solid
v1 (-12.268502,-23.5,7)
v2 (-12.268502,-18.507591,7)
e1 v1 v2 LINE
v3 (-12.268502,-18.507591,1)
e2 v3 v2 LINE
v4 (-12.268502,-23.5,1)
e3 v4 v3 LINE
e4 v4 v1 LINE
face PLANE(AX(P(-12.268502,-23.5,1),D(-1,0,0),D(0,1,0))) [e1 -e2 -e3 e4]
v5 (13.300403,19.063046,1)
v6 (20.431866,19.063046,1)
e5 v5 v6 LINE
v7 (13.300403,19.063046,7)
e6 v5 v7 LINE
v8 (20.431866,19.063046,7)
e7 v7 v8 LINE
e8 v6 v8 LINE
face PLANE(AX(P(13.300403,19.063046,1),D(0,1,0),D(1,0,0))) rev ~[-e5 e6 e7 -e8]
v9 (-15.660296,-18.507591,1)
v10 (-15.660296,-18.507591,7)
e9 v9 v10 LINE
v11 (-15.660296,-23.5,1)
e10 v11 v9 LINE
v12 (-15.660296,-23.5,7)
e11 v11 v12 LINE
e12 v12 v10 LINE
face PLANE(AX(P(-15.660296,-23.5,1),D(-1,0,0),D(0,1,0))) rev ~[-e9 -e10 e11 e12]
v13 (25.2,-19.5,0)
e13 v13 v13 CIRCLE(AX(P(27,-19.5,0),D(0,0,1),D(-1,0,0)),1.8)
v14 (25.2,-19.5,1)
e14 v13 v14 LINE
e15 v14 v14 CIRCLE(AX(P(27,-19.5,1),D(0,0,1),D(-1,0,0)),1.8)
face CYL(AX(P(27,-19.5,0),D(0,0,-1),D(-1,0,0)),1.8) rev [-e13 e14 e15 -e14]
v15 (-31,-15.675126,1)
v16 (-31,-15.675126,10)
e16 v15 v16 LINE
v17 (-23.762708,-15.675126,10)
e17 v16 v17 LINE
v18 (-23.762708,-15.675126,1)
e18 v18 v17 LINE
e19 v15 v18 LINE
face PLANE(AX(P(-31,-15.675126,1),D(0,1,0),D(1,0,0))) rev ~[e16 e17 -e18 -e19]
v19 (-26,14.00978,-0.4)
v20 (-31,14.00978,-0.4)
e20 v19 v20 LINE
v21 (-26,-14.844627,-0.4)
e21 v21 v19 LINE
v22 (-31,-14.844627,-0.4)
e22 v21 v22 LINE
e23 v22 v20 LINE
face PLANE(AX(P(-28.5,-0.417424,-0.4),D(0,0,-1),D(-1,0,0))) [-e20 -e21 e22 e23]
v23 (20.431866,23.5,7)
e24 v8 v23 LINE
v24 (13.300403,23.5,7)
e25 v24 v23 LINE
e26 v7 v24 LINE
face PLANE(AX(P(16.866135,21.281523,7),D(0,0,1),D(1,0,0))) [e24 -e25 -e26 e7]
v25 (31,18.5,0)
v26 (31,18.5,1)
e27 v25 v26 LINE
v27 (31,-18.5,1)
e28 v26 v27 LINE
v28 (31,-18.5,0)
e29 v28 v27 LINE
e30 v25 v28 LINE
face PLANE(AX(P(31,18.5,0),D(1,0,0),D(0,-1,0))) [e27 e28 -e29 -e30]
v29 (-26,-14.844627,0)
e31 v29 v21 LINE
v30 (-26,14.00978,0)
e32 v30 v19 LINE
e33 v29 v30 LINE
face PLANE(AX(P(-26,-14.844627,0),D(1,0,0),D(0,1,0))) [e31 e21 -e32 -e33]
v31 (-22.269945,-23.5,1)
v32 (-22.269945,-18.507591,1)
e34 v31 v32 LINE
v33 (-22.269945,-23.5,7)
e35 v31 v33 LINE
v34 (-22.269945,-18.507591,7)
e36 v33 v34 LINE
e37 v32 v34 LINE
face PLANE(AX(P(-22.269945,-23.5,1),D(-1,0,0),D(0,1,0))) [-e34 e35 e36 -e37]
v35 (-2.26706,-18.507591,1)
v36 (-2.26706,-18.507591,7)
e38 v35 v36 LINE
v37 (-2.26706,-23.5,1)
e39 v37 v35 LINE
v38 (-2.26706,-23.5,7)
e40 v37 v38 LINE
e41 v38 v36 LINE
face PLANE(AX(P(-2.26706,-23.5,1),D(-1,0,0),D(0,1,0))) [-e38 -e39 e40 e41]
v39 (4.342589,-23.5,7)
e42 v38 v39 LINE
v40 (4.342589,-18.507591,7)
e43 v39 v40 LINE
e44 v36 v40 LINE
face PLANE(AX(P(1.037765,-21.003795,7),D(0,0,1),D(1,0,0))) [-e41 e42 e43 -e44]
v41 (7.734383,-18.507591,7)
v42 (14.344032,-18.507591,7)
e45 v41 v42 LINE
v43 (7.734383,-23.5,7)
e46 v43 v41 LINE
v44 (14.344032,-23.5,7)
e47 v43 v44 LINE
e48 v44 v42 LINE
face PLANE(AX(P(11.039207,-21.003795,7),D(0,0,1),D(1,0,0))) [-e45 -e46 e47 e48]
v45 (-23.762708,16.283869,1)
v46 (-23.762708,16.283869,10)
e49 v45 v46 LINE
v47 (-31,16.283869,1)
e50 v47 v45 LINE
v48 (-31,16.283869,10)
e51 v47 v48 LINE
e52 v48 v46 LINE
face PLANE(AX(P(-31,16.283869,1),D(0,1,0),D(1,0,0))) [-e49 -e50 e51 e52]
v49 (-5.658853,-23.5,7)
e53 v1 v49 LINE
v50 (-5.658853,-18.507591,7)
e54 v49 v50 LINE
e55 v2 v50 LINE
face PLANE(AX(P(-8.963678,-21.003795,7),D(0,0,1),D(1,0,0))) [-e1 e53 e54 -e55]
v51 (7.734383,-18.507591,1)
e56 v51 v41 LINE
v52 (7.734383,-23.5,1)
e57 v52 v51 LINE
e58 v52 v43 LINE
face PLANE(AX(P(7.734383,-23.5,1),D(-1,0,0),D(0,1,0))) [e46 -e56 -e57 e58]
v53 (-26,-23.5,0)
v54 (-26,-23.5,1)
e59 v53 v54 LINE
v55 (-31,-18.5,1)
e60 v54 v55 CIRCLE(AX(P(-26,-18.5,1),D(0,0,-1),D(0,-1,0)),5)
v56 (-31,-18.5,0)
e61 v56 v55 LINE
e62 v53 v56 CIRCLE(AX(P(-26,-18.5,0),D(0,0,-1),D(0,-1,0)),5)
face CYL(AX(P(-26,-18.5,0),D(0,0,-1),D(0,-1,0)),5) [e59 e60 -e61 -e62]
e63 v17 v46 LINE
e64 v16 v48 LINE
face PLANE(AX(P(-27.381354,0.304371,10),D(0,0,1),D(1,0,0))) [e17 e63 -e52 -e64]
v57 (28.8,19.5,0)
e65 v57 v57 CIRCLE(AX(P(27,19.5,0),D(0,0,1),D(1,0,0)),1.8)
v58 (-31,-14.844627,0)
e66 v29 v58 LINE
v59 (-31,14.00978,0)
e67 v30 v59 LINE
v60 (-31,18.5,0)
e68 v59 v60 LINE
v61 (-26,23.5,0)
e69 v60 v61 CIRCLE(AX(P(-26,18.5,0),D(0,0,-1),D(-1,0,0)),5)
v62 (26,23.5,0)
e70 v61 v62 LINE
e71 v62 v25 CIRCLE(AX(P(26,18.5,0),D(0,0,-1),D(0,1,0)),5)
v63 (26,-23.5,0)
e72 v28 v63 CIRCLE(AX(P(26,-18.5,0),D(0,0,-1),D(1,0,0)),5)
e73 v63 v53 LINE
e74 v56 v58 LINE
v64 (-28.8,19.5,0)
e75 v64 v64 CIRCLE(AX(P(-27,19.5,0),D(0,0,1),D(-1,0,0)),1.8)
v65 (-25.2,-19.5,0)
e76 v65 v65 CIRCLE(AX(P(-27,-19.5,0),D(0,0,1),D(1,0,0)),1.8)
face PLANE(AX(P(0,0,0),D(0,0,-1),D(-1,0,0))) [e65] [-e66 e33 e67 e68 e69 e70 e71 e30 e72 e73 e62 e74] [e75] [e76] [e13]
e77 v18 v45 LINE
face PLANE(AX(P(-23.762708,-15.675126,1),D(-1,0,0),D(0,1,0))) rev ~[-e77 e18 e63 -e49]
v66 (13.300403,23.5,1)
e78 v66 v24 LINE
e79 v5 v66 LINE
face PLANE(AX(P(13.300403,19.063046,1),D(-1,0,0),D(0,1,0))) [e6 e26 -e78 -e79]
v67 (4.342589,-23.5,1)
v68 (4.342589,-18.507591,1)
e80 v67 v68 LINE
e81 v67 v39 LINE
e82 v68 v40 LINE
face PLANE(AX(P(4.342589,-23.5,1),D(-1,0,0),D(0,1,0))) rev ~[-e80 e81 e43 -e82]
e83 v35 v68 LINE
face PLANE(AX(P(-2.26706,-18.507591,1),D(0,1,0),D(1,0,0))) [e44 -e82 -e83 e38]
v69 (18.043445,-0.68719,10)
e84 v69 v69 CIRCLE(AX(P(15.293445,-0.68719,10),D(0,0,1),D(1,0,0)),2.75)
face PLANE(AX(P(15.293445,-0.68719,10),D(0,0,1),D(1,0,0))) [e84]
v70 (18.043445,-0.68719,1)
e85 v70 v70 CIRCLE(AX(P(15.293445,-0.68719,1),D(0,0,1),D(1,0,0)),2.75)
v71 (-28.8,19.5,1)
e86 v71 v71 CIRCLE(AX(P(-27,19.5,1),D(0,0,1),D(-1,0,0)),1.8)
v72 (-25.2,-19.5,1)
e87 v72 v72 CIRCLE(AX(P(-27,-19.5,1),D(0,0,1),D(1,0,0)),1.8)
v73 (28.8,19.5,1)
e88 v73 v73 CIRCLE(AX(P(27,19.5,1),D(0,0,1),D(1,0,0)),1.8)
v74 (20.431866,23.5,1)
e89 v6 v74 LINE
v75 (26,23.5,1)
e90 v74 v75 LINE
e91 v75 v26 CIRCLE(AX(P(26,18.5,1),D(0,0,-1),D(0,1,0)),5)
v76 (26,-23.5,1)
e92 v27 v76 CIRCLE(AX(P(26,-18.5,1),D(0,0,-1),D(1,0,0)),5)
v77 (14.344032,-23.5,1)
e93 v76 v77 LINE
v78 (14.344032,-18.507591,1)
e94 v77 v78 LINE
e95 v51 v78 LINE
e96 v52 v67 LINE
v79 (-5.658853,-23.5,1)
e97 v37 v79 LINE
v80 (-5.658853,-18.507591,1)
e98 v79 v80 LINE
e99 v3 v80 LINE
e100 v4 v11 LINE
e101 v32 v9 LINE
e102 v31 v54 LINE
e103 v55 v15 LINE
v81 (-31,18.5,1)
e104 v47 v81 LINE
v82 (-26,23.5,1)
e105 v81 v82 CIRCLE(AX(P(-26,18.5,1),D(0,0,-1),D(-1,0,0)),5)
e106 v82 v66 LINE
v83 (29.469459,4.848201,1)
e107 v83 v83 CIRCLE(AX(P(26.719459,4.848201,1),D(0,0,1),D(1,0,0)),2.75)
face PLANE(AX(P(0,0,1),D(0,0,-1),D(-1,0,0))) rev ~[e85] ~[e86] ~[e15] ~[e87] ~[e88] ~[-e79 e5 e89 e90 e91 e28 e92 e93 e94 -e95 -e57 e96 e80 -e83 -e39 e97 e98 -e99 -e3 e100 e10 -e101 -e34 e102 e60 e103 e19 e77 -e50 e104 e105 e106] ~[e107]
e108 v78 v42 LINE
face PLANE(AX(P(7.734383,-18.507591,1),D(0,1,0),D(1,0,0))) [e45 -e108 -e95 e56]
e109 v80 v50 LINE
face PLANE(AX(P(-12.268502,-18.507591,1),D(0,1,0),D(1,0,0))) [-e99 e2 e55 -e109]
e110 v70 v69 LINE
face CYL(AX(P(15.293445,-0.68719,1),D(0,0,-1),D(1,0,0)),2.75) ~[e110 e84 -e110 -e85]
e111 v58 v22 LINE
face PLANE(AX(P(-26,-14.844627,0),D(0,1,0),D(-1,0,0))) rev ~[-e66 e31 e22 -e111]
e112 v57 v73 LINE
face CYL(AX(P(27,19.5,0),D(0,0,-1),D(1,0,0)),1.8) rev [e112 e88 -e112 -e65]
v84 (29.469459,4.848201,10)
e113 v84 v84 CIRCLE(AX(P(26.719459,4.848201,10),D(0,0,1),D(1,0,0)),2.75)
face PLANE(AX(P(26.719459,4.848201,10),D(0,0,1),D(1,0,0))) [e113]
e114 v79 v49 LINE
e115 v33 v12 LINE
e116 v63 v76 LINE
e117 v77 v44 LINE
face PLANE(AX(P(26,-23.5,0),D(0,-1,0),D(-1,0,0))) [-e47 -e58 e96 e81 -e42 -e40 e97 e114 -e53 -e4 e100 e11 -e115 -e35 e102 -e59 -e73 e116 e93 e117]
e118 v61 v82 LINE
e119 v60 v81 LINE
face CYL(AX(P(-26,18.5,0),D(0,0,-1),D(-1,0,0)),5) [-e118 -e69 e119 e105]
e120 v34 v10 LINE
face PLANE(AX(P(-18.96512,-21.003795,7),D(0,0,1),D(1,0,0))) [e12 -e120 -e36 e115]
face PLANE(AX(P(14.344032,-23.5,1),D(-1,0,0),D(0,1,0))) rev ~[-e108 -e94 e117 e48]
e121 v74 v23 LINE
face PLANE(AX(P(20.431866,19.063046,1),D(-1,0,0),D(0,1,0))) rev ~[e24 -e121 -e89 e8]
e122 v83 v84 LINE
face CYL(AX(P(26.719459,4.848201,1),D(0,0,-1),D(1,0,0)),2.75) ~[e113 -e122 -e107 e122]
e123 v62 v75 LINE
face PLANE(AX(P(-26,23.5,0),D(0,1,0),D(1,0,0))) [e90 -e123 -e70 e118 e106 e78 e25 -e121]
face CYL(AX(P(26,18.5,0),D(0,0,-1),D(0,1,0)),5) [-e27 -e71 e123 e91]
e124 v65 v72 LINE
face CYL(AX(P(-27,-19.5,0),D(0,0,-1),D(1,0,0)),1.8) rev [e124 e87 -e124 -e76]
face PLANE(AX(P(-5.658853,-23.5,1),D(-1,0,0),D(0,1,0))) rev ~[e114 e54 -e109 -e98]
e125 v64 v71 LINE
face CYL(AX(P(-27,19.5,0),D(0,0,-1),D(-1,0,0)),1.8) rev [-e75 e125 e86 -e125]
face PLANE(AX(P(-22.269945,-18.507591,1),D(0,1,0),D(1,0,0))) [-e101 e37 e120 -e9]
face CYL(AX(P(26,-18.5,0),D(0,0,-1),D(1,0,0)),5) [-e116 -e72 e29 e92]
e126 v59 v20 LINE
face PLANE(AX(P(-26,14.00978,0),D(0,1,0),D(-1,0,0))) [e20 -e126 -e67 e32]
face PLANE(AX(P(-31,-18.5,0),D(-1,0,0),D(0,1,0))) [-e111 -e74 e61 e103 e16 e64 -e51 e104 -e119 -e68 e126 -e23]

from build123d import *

# Parameters (mm, degrees)
SKETCH_2_R      = 1.8
EXTRUDE_1_DEPTH = 1
SKETCH_4_W      = 7.237291628
SKETCH_4_H      = 31.958994792
EXTRUDE_2_DEPTH = 9
SKETCH_5_W      = 6.609648953
SKETCH_5_H      = 4.992409467
SKETCH_5_W_2    = 7.131463344
SKETCH_5_H_2    = 4.436954379
EXTRUDE_3_DEPTH = 6
SKETCH_6_R      = 2.75
EXTRUDE_4_DEPTH = 9
SKETCH_7_W      = 5
SKETCH_7_H      = 28.854406725
EXTRUDE_5_DEPTH = 0.4


with BuildPart() as part:
    # 草图2 → 凸台-拉伸1 (new body)
    with BuildSketch(Plane.XY):
        with BuildLine():
            Line((-26, 23.5), (26, 23.5))
            ThreePointArc((26, 23.5), (29.535533906, 22.035533906), (31, 18.5))
            Line((31, 18.5), (31, -18.5))
            ThreePointArc((31, -18.5), (29.535533906, -22.035533906), (26, -23.5))
            Line((26, -23.5), (-26, -23.5))
            ThreePointArc((-26, -23.5), (-29.535533906, -22.035533906), (-31, -18.5))
            Line((-31, -18.5), (-31, 18.5))
            ThreePointArc((-31, 18.5), (-29.535533906, 22.035533906), (-26, 23.5))
        make_face()
        with Locations((27, 19.5)):
            Circle(SKETCH_2_R, mode=Mode.SUBTRACT)
        with Locations(Location((-27, 19.5, 0), (0, 0, 180))):
            Circle(SKETCH_2_R, mode=Mode.SUBTRACT)
        with Locations(Location((27, -19.5, 0), (0, 0, 180))):
            Circle(SKETCH_2_R, mode=Mode.SUBTRACT)
        with Locations((-27, -19.5)):
            Circle(SKETCH_2_R, mode=Mode.SUBTRACT)
    extrude(amount=EXTRUDE_1_DEPTH)

    # 草图4 → 凸台-拉伸2 (add)
    with BuildSketch(Plane.XY.offset(1)):
        with Locations((-27.381354186, 0.304371379)):
            Rectangle(SKETCH_4_W, SKETCH_4_H)
    extrude(amount=EXTRUDE_2_DEPTH)

    # 草图5 → 凸台-拉伸3 (add)
    with BuildSketch(Plane.XY.offset(1)):
        with Locations((-18.965120236, -21.003795266)):
            Rectangle(SKETCH_5_W, SKETCH_5_H)
        with Locations((-8.96367774, -21.003795266)):
            Rectangle(SKETCH_5_W, SKETCH_5_H)
        with Locations((1.037764754, -21.003795266)):
            Rectangle(SKETCH_5_W, SKETCH_5_H)
        with Locations((11.039207249, -21.003795266)):
            Rectangle(SKETCH_5_W, SKETCH_5_H)
        with Locations((16.866134615, 21.281522811)):
            Rectangle(SKETCH_5_W_2, SKETCH_5_H_2)
    extrude(amount=EXTRUDE_3_DEPTH)

    # 草图6 → 凸台-拉伸4 (add)
    with BuildSketch(Plane.XY.offset(1)):
        with Locations((26.719458911, 4.848201251)):
            Circle(SKETCH_6_R)
        with Locations((15.293444682, -0.687190124)):
            Circle(SKETCH_6_R)
    extrude(amount=EXTRUDE_4_DEPTH)

    # 草图7 → 凸台-拉伸5 (add)
    with BuildSketch(Plane(origin=(0, 0, 0), x_dir=(-1, 0, 0), z_dir=(0, 0, -1))):
        with Locations((28.5, -0.417423606)):
            Rectangle(SKETCH_7_W, SKETCH_7_H)
    extrude(amount=EXTRUDE_5_DEPTH)


solid = part.part
